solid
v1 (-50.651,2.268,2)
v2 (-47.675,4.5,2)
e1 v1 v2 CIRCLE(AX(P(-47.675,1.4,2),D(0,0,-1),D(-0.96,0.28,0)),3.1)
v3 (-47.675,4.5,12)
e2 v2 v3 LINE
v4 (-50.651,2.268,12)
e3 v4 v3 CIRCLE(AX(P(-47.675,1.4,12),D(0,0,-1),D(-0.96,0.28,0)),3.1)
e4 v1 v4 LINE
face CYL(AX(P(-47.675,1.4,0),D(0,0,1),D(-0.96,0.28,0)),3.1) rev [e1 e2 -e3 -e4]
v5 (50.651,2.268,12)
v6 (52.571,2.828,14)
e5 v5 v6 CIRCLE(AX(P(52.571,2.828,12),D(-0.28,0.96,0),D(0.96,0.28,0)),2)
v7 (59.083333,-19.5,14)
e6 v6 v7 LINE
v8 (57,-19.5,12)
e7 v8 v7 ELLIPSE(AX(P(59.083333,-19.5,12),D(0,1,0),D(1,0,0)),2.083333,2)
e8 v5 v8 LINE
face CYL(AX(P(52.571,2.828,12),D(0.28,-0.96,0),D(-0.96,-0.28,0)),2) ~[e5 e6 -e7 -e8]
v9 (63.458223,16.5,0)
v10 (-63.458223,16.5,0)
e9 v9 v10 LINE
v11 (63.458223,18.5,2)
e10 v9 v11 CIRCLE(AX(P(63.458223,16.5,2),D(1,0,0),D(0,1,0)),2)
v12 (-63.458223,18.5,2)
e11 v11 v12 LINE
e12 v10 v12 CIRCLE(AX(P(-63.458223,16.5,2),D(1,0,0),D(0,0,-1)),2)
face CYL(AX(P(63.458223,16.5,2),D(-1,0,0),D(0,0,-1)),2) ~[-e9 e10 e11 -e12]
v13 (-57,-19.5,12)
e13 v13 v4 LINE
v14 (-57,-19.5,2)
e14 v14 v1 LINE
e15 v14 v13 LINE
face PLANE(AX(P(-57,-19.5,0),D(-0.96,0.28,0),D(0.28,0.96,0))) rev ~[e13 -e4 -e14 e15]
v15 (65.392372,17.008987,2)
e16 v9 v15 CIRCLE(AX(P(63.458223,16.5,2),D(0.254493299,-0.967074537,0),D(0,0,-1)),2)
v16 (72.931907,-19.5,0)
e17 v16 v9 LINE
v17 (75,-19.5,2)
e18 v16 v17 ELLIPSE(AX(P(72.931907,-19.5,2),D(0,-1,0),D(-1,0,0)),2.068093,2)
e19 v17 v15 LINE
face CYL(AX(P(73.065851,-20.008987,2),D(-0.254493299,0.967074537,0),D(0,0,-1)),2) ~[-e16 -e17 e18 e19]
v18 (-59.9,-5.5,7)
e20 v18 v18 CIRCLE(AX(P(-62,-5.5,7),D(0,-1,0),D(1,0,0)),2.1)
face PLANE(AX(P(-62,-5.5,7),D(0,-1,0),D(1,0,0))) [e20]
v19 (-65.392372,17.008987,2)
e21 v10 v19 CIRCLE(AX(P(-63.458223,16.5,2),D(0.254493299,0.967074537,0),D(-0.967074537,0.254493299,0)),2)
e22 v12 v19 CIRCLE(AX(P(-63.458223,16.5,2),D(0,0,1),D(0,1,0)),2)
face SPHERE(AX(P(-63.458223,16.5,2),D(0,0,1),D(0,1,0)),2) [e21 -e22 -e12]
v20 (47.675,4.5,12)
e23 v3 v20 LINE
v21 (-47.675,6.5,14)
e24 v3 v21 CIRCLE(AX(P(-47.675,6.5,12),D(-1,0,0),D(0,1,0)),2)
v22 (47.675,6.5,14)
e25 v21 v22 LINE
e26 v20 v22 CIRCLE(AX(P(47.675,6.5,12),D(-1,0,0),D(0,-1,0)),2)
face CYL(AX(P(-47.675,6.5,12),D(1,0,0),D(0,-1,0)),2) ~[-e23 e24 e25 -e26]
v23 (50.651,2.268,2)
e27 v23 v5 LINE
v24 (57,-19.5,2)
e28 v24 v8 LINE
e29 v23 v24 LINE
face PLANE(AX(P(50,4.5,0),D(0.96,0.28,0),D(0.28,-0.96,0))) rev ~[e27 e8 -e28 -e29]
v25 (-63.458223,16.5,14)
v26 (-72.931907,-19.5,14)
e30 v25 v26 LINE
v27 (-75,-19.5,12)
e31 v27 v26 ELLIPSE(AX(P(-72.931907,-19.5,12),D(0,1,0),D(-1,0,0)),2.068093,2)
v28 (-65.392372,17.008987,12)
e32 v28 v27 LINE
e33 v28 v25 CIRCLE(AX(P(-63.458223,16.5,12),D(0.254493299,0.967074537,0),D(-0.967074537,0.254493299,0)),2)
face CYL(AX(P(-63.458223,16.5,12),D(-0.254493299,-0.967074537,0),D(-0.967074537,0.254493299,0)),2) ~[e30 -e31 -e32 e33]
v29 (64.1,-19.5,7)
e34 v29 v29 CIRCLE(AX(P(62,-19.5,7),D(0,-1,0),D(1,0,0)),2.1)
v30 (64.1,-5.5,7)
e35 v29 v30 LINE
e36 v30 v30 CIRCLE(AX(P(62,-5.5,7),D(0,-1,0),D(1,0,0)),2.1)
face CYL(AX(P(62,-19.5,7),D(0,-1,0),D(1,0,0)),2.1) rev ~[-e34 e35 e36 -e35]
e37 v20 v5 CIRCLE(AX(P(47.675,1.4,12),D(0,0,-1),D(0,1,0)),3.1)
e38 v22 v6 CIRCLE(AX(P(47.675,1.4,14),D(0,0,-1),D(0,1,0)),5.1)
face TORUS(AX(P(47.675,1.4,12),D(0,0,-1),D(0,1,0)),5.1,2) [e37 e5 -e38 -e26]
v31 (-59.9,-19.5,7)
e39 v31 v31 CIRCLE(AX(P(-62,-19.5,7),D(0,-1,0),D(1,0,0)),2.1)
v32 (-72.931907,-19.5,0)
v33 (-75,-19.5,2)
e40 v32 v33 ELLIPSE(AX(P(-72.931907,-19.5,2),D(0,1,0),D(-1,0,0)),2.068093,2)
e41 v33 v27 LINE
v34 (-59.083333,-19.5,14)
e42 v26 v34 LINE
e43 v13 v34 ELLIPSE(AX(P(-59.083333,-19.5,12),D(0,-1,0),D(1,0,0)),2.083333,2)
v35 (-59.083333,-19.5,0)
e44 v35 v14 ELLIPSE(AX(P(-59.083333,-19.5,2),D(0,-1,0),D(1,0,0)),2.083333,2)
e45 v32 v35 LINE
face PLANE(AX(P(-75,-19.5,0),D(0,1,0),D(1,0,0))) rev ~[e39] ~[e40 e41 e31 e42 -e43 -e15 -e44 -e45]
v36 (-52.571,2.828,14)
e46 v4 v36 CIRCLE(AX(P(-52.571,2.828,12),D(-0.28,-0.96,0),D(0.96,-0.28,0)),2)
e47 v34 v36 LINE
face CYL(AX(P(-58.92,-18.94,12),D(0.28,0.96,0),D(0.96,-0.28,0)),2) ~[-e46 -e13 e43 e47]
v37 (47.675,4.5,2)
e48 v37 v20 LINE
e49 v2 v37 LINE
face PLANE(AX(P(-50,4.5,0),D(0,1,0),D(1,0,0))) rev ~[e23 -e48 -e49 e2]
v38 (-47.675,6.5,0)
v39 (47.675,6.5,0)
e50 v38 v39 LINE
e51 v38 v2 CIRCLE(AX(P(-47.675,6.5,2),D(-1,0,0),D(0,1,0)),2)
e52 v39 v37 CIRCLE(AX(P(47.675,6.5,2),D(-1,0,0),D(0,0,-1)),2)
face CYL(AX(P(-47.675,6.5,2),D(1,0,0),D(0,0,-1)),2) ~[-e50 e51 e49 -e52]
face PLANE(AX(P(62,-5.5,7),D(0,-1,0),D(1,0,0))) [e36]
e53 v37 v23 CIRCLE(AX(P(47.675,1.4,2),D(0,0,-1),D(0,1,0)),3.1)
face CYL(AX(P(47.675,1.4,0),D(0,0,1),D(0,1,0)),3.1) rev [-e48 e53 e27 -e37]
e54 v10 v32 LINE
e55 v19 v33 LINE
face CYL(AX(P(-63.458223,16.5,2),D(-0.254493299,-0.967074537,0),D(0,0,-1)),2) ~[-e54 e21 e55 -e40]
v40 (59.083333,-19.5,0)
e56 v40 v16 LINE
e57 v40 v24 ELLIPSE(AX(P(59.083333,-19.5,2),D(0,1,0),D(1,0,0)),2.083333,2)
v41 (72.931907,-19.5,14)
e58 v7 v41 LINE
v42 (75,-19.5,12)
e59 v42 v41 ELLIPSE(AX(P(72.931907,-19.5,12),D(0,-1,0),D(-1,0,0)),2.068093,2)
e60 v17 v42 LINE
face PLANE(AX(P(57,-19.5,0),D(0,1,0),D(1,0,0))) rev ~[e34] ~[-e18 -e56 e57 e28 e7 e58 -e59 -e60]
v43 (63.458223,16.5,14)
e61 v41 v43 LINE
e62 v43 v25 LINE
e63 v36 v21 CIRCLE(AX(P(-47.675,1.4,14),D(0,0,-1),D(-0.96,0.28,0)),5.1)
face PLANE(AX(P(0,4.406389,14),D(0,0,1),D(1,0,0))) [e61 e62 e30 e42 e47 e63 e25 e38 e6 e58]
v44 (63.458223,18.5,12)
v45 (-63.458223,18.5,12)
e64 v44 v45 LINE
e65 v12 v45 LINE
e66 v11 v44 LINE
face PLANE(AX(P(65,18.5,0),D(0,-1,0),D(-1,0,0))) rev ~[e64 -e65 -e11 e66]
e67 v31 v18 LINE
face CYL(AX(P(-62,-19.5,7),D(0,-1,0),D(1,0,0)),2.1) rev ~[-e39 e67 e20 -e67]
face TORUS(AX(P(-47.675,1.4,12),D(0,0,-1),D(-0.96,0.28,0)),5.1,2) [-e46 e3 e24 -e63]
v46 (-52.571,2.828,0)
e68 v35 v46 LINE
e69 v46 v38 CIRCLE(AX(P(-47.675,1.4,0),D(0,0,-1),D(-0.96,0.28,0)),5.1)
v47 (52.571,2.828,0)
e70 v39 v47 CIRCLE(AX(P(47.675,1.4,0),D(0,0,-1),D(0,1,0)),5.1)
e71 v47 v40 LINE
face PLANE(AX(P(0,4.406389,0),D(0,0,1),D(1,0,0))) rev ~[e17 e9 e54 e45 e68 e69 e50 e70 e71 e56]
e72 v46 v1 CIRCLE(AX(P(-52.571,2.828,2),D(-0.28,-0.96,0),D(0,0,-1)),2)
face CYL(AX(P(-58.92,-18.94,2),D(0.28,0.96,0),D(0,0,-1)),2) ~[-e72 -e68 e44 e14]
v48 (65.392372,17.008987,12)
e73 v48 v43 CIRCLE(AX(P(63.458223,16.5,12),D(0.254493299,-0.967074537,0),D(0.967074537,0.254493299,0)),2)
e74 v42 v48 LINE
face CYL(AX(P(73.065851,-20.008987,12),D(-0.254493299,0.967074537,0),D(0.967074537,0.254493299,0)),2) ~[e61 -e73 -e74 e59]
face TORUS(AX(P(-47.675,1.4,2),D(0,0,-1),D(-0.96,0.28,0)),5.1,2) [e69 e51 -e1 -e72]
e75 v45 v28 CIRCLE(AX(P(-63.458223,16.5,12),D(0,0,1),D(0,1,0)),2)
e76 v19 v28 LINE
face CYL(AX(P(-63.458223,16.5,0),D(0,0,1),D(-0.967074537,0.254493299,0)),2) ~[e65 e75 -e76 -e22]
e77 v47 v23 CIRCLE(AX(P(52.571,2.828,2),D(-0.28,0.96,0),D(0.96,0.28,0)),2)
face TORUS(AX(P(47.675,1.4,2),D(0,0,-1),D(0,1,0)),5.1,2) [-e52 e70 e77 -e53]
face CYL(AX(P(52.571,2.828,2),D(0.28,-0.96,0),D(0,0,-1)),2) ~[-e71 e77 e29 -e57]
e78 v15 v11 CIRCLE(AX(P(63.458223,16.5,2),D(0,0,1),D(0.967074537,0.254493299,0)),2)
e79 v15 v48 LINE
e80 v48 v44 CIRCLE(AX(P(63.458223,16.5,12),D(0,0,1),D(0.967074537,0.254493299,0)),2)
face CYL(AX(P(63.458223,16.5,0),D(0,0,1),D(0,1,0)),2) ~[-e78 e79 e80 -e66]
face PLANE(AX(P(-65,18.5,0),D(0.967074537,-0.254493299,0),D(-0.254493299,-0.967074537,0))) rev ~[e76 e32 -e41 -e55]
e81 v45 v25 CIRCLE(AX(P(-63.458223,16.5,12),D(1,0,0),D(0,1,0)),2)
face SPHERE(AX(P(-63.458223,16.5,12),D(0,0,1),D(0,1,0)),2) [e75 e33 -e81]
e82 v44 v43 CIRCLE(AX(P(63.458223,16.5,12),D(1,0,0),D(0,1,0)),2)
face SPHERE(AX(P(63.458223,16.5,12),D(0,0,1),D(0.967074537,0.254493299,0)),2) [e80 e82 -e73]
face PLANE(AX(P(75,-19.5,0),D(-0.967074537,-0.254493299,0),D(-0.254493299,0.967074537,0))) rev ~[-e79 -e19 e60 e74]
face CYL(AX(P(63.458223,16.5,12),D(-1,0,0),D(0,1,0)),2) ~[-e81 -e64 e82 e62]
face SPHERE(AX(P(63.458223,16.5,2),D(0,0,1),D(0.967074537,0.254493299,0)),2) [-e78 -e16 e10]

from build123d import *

# Parameters (mm, degrees)
F1_DEPTH = 14
F2_R     = 2.1
F3_DEPTH = 14
F4_R     = 2
F5_R     = 3.1
F6_R     = 2


with BuildPart() as f1:
    # F0 (on Top) → F1 (new body)
    with BuildSketch(Plane.XY):
        Polygon((-65, 18.5), (-75, -19.5), (-57, -19.5), (-50, 4.5), (0, 4.5), (50, 4.5), (57, -19.5), (75, -19.5), (65, 18.5), (0, 18.5), align=None)
    extrude(amount=F1_DEPTH)

    # F2 (on face) → F3 (cut)
    with BuildSketch(Plane.XZ.offset(19.5)):
        with Locations((-62, 7)):
            Circle(F2_R)
        with Locations((62, 7)):
            Circle(F2_R)
    extrude(amount=-F3_DEPTH, mode=Mode.SUBTRACT)

    # F4
    f4_edges = [f1.edges().sort_by_distance(p)[0] for p in [
        (65, 18.5, 7),
        (-65, 18.5, 7),
    ]]
    fillet(f4_edges, radius=F4_R)

    # F5
    f5_edges = [f1.edges().sort_by_distance(p)[0] for p in [
        (50, 4.5, 7),
        (-50, 4.5, 7),
    ]]
    fillet(f5_edges, radius=F5_R)

    # F6
    f6_edges = [f1.edges().sort_by_distance(p)[0] for p in [
        (0, 18.5, 0),
        (-64.679293, 18.083978, 0),
        (-70.196186, -1.245507, 0),
        (64.679293, 18.083978, 0),
        (70.196186, -1.245507, 0),
        (53.8255, -8.616, 0),
        (49.535, 3.88, 0),
        (0, 4.5, 0),
        (-49.535, 3.88, 0),
        (-53.8255, -8.616, 0),
        (-70.196186, -1.245507, 14),
        (-64.679293, 18.083978, 14),
        (0, 18.5, 14),
        (64.679293, 18.083978, 14),
        (70.196186, -1.245507, 14),
        (49.535, 3.88, 14),
        (0, 4.5, 14),
        (53.8255, -8.616, 14),
        (-49.535, 3.88, 14),
        (-53.8255, -8.616, 14),
    ]]
    fillet(f6_edges, radius=F6_R)


solid = f1.part
